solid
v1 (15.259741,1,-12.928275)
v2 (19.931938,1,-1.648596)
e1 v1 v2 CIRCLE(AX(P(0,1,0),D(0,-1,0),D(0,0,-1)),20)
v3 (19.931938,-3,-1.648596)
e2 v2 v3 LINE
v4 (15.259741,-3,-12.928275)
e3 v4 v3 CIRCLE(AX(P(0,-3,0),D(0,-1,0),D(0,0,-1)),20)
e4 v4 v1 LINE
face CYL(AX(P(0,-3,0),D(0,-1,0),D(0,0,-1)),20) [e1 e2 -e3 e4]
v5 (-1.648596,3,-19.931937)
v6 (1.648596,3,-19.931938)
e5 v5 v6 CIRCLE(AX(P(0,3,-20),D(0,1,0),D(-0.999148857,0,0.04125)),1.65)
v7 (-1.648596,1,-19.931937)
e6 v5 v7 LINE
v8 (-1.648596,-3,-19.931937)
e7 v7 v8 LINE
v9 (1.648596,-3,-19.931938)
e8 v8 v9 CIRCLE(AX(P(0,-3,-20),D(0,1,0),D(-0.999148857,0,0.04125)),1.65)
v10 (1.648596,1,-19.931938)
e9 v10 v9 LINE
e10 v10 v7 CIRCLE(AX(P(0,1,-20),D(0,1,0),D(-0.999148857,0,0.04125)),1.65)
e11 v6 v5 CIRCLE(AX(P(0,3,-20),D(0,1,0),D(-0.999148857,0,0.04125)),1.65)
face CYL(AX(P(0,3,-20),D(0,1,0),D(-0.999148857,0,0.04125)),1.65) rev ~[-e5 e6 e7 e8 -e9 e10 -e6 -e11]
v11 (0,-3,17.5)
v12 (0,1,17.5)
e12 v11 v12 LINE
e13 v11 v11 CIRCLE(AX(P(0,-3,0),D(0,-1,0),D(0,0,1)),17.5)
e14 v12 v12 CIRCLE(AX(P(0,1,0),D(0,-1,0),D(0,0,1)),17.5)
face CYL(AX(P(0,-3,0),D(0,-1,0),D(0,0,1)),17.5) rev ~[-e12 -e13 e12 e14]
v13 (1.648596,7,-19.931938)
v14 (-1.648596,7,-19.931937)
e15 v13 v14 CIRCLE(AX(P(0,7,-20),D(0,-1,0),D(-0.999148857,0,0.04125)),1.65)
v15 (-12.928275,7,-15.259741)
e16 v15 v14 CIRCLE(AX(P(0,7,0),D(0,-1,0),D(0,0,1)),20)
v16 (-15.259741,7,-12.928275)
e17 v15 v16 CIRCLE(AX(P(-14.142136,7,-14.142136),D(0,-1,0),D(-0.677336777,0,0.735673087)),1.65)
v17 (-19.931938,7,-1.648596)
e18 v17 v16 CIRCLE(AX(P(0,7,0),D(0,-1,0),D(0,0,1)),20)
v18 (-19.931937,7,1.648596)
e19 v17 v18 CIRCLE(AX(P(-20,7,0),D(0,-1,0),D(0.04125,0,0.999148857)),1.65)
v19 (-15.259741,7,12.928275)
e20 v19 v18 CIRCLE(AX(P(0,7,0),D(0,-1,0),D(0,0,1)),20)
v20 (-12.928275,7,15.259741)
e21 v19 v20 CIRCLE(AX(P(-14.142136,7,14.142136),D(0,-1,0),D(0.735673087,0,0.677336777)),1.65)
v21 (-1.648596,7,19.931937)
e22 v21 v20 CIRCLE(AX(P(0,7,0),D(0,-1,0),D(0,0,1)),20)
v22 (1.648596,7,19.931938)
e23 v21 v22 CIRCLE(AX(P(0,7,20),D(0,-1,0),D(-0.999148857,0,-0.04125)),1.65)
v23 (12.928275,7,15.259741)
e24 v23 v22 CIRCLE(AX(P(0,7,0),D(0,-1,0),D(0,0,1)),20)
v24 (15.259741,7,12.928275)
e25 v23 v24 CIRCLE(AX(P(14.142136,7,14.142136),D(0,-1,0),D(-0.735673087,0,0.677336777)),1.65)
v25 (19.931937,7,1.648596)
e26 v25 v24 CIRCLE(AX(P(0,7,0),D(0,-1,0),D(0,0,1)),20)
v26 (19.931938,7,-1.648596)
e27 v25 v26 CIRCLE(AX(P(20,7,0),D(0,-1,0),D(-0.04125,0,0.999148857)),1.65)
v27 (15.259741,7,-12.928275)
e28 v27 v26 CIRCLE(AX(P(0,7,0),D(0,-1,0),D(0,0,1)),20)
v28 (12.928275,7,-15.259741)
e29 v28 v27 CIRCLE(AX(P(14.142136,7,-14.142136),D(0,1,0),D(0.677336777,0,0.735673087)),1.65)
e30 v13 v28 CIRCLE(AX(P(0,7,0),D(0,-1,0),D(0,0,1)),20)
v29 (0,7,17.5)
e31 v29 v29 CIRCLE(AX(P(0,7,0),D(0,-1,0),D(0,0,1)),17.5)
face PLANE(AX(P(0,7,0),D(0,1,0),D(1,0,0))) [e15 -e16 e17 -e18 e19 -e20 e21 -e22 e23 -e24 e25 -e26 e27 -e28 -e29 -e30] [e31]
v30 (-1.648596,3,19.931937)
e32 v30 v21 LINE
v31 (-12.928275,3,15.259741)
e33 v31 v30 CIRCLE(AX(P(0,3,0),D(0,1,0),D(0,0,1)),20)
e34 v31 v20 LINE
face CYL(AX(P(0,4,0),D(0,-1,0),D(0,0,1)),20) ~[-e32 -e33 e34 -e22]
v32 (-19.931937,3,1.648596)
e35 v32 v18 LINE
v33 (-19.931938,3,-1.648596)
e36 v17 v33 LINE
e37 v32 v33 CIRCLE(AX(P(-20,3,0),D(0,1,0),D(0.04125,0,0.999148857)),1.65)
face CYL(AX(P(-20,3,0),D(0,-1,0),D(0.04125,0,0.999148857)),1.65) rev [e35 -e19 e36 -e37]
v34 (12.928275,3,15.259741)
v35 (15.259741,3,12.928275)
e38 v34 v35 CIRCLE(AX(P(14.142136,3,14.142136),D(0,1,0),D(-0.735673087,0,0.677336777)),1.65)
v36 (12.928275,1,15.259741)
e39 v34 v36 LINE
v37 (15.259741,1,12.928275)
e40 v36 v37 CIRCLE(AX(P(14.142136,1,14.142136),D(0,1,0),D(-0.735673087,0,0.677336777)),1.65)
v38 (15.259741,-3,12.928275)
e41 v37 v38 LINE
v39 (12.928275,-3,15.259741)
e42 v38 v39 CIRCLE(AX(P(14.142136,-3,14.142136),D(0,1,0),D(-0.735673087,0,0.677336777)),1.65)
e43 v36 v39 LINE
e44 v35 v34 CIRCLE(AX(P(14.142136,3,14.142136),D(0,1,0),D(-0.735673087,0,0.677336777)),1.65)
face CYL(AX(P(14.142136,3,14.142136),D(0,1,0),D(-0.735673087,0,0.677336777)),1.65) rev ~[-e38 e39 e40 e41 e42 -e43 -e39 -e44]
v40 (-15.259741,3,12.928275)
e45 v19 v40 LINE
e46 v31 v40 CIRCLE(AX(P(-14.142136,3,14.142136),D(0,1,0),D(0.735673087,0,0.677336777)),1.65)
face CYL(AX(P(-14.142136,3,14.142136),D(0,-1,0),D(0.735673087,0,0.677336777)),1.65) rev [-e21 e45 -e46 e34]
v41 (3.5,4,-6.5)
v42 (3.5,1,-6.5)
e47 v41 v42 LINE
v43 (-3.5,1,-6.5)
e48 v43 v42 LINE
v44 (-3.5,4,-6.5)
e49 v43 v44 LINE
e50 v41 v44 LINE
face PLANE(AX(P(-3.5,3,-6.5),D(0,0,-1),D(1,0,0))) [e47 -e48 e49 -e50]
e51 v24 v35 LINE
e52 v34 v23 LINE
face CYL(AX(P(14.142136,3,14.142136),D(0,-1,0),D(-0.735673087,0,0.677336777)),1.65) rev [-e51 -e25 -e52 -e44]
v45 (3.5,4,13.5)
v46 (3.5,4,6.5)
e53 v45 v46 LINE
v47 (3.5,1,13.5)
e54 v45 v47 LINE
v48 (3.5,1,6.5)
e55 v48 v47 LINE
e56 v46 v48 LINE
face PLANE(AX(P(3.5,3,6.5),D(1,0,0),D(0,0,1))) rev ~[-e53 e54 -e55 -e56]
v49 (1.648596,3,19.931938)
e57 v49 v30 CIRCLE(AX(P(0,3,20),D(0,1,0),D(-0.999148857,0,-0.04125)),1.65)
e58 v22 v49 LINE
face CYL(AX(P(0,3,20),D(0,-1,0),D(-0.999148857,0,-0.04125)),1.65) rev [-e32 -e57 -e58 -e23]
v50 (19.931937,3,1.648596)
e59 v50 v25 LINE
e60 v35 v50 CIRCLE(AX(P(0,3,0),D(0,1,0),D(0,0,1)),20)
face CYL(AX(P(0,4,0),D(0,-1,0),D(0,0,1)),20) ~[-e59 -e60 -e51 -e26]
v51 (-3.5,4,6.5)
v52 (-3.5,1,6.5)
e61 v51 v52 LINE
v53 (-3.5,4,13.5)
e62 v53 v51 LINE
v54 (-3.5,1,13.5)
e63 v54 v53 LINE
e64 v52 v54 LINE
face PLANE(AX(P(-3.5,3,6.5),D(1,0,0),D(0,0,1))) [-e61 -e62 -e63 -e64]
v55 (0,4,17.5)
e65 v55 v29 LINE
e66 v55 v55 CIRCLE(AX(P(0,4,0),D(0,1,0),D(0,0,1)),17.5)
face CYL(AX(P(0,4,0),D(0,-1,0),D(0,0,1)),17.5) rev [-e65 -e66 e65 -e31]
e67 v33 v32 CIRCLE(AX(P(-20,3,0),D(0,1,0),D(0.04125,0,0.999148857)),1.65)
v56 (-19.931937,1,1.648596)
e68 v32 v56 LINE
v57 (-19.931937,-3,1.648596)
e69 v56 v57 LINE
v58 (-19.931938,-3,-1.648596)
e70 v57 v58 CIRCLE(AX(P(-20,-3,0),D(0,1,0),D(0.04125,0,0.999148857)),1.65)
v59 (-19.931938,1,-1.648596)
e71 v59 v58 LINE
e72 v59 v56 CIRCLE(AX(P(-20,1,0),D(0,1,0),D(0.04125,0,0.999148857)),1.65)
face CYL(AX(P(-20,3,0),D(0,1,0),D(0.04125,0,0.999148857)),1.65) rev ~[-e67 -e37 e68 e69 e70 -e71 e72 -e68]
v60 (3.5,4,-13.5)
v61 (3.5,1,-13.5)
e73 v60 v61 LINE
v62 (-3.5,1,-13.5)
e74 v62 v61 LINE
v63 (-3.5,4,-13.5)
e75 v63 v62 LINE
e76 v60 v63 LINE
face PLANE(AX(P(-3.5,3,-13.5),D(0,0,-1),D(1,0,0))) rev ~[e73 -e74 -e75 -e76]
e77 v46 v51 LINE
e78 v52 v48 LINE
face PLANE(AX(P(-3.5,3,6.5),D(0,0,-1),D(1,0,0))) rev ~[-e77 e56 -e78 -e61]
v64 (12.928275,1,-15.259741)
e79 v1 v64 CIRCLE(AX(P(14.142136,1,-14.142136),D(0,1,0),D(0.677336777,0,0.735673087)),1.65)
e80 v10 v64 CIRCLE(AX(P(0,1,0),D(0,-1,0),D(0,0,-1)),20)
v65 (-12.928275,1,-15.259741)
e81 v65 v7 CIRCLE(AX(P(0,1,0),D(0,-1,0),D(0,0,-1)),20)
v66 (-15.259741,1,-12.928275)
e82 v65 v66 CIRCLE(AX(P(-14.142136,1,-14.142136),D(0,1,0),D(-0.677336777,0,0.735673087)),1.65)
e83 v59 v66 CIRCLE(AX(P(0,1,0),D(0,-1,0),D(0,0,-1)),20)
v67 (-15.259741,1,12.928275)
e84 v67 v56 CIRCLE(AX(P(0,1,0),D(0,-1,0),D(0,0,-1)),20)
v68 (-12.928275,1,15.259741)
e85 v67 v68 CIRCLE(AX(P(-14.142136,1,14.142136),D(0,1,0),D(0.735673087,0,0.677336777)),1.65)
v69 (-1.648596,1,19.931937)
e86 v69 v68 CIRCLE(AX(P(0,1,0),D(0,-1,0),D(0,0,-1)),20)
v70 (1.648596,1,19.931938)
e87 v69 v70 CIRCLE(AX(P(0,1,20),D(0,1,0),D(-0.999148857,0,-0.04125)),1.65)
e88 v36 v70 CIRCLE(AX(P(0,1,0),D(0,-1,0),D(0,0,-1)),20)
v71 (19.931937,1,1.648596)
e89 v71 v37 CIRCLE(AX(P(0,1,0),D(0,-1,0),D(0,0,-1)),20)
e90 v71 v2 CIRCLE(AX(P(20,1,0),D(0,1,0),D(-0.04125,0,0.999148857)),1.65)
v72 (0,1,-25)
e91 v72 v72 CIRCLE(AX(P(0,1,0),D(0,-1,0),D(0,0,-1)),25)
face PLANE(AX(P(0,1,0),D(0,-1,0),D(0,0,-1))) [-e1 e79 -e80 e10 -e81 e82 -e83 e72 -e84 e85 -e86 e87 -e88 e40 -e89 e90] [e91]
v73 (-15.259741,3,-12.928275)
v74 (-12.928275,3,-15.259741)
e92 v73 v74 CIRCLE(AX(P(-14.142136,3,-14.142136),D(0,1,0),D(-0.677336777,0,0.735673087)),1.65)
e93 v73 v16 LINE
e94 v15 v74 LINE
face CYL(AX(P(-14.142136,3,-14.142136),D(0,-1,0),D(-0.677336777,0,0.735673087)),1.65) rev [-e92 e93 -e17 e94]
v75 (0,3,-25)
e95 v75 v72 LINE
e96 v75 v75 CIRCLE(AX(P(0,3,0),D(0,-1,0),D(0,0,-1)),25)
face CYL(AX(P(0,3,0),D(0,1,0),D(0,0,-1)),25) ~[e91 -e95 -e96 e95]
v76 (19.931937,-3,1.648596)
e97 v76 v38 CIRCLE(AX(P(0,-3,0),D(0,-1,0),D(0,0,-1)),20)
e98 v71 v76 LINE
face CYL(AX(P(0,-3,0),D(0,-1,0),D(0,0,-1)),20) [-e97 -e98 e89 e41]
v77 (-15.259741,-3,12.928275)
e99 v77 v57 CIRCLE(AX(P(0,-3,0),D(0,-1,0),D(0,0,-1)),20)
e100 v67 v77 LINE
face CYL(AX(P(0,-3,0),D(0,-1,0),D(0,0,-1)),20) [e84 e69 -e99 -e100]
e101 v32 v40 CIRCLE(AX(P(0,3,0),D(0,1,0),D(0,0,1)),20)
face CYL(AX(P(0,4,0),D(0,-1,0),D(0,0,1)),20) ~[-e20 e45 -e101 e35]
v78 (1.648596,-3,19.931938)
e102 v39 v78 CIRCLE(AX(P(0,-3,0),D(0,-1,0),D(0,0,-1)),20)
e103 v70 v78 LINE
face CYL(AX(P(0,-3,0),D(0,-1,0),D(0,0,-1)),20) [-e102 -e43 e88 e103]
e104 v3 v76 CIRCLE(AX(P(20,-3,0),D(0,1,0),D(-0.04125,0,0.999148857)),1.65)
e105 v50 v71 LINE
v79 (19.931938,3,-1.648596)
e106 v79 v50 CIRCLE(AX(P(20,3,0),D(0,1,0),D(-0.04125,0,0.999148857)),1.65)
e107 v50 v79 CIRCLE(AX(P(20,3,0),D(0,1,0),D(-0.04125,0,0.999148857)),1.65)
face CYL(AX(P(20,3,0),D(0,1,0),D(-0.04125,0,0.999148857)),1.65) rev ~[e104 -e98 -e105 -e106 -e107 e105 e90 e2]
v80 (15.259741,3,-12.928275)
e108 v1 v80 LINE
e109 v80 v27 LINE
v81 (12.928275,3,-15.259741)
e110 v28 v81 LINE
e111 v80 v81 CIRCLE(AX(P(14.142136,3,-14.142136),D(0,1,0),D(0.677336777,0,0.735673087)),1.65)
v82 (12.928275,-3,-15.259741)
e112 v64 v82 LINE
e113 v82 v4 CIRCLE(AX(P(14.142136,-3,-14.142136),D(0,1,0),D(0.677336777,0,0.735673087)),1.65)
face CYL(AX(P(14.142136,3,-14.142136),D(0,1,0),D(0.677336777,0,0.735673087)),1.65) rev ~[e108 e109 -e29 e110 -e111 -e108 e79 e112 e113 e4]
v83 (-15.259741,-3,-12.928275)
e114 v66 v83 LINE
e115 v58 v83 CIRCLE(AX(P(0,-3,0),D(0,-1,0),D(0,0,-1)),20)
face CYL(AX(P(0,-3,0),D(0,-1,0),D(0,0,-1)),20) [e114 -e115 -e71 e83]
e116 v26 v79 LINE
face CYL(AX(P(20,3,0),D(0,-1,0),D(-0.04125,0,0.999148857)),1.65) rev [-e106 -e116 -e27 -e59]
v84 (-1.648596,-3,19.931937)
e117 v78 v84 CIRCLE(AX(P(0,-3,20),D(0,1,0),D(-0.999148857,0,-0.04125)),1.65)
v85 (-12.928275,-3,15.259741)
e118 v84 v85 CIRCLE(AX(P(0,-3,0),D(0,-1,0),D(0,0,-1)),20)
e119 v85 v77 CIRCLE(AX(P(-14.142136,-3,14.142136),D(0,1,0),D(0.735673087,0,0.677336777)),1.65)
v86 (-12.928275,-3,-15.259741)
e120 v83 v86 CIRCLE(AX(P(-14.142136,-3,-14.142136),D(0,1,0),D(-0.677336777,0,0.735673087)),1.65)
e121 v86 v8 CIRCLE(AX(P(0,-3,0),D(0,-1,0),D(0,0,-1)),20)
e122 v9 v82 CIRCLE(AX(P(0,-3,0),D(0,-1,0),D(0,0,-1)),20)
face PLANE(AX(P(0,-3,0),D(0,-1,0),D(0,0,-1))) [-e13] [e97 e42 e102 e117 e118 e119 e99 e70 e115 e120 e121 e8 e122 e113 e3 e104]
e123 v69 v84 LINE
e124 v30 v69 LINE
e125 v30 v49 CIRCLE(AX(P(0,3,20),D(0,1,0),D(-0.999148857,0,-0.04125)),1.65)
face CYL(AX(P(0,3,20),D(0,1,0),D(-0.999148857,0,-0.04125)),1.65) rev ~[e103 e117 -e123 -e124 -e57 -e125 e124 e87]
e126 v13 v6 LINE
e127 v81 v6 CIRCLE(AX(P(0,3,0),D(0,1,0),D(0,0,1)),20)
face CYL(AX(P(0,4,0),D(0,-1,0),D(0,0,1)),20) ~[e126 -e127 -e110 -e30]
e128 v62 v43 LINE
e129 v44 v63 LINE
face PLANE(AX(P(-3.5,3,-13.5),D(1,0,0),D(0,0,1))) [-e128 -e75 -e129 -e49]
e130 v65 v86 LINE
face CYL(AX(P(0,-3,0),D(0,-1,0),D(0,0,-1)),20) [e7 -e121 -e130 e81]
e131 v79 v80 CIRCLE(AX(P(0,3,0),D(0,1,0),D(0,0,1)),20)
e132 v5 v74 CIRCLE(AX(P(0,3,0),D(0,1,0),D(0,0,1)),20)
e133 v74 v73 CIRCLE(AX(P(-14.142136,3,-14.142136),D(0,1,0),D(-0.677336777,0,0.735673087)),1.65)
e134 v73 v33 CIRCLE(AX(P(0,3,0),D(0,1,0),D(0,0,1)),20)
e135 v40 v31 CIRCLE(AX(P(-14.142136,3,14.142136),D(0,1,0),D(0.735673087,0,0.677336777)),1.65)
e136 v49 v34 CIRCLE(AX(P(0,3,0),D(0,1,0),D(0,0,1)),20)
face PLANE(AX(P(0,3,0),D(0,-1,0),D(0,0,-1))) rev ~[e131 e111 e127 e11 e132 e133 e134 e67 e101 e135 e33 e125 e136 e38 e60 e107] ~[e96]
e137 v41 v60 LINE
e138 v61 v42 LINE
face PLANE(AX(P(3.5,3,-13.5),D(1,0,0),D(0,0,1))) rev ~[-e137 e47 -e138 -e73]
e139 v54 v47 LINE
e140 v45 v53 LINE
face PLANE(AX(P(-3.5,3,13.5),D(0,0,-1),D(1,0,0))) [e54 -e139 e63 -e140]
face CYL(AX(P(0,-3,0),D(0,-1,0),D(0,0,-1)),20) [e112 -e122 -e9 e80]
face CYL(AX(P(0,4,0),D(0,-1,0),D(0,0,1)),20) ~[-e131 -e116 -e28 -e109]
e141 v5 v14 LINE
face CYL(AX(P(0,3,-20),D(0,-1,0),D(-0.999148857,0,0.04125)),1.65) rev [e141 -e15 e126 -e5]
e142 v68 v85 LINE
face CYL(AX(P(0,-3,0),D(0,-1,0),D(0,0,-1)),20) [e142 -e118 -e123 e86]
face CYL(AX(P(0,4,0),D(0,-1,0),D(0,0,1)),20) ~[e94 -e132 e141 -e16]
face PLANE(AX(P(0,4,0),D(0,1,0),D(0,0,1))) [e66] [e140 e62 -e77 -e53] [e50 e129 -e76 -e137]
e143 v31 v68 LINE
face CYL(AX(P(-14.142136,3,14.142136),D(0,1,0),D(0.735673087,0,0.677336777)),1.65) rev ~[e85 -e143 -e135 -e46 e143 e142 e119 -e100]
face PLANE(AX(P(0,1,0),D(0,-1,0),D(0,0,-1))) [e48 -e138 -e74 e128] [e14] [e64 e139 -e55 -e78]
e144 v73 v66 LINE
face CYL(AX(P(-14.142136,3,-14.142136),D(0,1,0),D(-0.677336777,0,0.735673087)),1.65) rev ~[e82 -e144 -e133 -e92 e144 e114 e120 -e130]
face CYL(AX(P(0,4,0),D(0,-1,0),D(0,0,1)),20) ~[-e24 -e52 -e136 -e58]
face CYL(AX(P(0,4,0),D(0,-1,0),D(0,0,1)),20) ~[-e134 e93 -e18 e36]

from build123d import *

# Parameters (mm, degrees)
SKETCH1_R           = 20
BOSS_EXTRUDE1_DEPTH = 4
SKETCH2_R           = 20
SKETCH2_R_2         = 17.5
BOSS_EXTRUDE2_DEPTH = 4
SKETCH3_R           = 20
CUT_EXTRUDE1_DEPTH  = 2
SKETCH4_R           = 20
CUT_EXTRUDE2_DEPTH  = 1
SKETCH5_R           = 25
BOSS_EXTRUDE3_DEPTH = 2
BOSS_EXTRUDE4_START = 4
SKETCH6_R           = 20
SKETCH6_R_2         = 17.5
BOSS_EXTRUDE4_DEPTH = 4
SKETCH7_R           = 1.5
CUT_EXTRUDE3_DEPTH  = 16
SKETCH8_W           = 7
SKETCH8_H           = 7
CUT_EXTRUDE4_DEPTH  = 2
SKETCH9_W           = 7
SKETCH9_H           = 7
CUT_EXTRUDE5_DEPTH  = 2
SKETCH10_W          = 7
SKETCH10_H          = 7
CUT_EXTRUDE6_DEPTH  = 2
SKETCH11_R          = 24.253678372
CUT_EXTRUDE7_DEPTH  = 1
SKETCH12_R          = 1.65
CUT_EXTRUDE8_DEPTH  = 10


with BuildPart() as part:
    # Sketch1 → Boss-Extrude1 (new body)
    with BuildSketch(Plane(origin=(0, 0, 0), x_dir=(1, 0, 0), z_dir=(0, 1, 0))):
        with Locations(Location((0, 0, 0), (0, 0, 270))):
            Circle(SKETCH1_R)
    extrude(amount=BOSS_EXTRUDE1_DEPTH)

    # Sketch2 → Boss-Extrude2 (add)
    with BuildSketch(Plane(origin=(0, 4, 0), x_dir=(1, 0, 0), z_dir=(0, 1, 0))):
        with Locations(Location((0, 0, 0), (0, 0, 270))):
            Circle(SKETCH2_R)
        with Locations(Location((0, 0, 0), (0, 0, 270))):
            Circle(SKETCH2_R_2, mode=Mode.SUBTRACT)
    extrude(amount=BOSS_EXTRUDE2_DEPTH)

    # Sketch3 → Cut-Extrude1 (cut)
    with BuildSketch(Plane.XZ):
        with Locations(Location((0, 0, 0), (0, 0, 270))):
            Circle(SKETCH3_R)
    extrude(amount=-CUT_EXTRUDE1_DEPTH, mode=Mode.SUBTRACT)

    # Sketch4 → Cut-Extrude2 (cut)
    with BuildSketch(Plane(origin=(0, 2, 0), x_dir=(-1, 0, 0), z_dir=(0, -1, 0))):
        with Locations(Location((0, 0, 0), (0, 0, 90))):
            Circle(SKETCH4_R)
    extrude(amount=-CUT_EXTRUDE2_DEPTH, mode=Mode.SUBTRACT)

    # Sketch5 → Boss-Extrude3 (add)
    with BuildSketch(Plane.XZ.offset(-3)):
        with Locations(Location((0, 0, 0), (0, 0, 270))):
            Circle(SKETCH5_R)
    extrude(amount=BOSS_EXTRUDE3_DEPTH)

    # Sketch6 → Boss-Extrude4 (add)
    with BuildSketch(Plane.XZ.offset(-1).offset(BOSS_EXTRUDE4_START)):
        with Locations(Location((0, 0, 0), (0, 0, 270))):
            Circle(SKETCH6_R)
        with Locations(Location((0, 0, 0), (0, 0, 90))):
            Circle(SKETCH6_R_2, mode=Mode.SUBTRACT)
    extrude(amount=-BOSS_EXTRUDE4_DEPTH)

    # Sketch7 → Cut-Extrude3 (cut)
    with BuildSketch(Plane.XZ.offset(3)):
        with Locations(Location((-20, 0, 0), (0, 0, 272.149095627))):
            Circle(SKETCH7_R)
        with Locations(Location((-14.142135624, 14.142135624, 0), (0, 0, 227.149095627))):
            Circle(SKETCH7_R)
        with Locations(Location((0, 20, 0), (0, 0, 182.149095627))):
            Circle(SKETCH7_R)
        with Locations(Location((14.142135624, 14.142135624, 0), (0, 0, 312.850904373))):
            Circle(SKETCH7_R)
        with Locations(Location((20, 0, 0), (0, 0, 267.850904373))):
            Circle(SKETCH7_R)
        with Locations(Location((14.142135624, -14.142135624, 0), (0, 0, 222.850904373))):
            Circle(SKETCH7_R)
        with Locations(Location((0, -20, 0), (0, 0, 177.850904373))):
            Circle(SKETCH7_R)
        with Locations(Location((-14.142135624, -14.142135624, 0), (0, 0, 317.149095627))):
            Circle(SKETCH7_R)
    extrude(amount=-CUT_EXTRUDE3_DEPTH, mode=Mode.SUBTRACT)

    # Sketch8 → Cut-Extrude4 (cut)
    with BuildSketch(Plane.XZ.offset(-1)):
        with Locations((0, 10)):
            Rectangle(SKETCH8_W, SKETCH8_H)
        with Locations((0, -10)):
            Rectangle(SKETCH8_W, SKETCH8_H)
    extrude(amount=-CUT_EXTRUDE4_DEPTH, mode=Mode.SUBTRACT)

    # Sketch9 → Cut-Extrude5 (cut)
    with BuildSketch(Plane.XZ.offset(-3)):
        with Locations((0, -10)):
            Rectangle(SKETCH9_W, SKETCH9_H)
    extrude(amount=-CUT_EXTRUDE5_DEPTH, mode=Mode.SUBTRACT)

    # Sketch10 → Cut-Extrude6 (cut)
    with BuildSketch(Plane.XZ.offset(-3)):
        with Locations((0, 10)):
            Rectangle(SKETCH10_W, SKETCH10_H)
    extrude(amount=-CUT_EXTRUDE6_DEPTH, mode=Mode.SUBTRACT)

    # Sketch11 → Cut-Extrude7 (cut)
    with BuildSketch(Plane(origin=(0, 8, 0), x_dir=(1, 0, 0), z_dir=(0, 1, 0))):
        Circle(SKETCH11_R)
    extrude(amount=-CUT_EXTRUDE7_DEPTH, mode=Mode.SUBTRACT)

    # Sketch12 → Cut-Extrude8 (cut, symmetric)
    with BuildSketch(Plane(origin=(0, 3, 0), x_dir=(1, 0, 0), z_dir=(0, 1, 0))):
        with Locations(Location((20, 0, 0), (0, 0, 267.635878321))):
            Circle(SKETCH12_R)
        with Locations(Location((14.142135624, -14.142135624, 0), (0, 0, 222.635878321))):
            Circle(SKETCH12_R)
        with Locations(Location((0, -20, 0), (0, 0, 177.635878321))):
            Circle(SKETCH12_R)
        with Locations(Location((-14.142135624, -14.142135624, 0), (0, 0, 317.364121679))):
            Circle(SKETCH12_R)
        with Locations(Location((-20, 0, 0), (0, 0, 272.364121679))):
            Circle(SKETCH12_R)
        with Locations(Location((-14.142135624, 14.142135624, 0), (0, 0, 227.364121679))):
            Circle(SKETCH12_R)
        with Locations(Location((0, 20, 0), (0, 0, 182.364121679))):
            Circle(SKETCH12_R)
        with Locations(Location((14.142135624, 14.142135624, 0), (0, 0, 312.635878321))):
            Circle(SKETCH12_R)
    extrude(amount=CUT_EXTRUDE8_DEPTH, both=True, mode=Mode.SUBTRACT)


solid = part.part
